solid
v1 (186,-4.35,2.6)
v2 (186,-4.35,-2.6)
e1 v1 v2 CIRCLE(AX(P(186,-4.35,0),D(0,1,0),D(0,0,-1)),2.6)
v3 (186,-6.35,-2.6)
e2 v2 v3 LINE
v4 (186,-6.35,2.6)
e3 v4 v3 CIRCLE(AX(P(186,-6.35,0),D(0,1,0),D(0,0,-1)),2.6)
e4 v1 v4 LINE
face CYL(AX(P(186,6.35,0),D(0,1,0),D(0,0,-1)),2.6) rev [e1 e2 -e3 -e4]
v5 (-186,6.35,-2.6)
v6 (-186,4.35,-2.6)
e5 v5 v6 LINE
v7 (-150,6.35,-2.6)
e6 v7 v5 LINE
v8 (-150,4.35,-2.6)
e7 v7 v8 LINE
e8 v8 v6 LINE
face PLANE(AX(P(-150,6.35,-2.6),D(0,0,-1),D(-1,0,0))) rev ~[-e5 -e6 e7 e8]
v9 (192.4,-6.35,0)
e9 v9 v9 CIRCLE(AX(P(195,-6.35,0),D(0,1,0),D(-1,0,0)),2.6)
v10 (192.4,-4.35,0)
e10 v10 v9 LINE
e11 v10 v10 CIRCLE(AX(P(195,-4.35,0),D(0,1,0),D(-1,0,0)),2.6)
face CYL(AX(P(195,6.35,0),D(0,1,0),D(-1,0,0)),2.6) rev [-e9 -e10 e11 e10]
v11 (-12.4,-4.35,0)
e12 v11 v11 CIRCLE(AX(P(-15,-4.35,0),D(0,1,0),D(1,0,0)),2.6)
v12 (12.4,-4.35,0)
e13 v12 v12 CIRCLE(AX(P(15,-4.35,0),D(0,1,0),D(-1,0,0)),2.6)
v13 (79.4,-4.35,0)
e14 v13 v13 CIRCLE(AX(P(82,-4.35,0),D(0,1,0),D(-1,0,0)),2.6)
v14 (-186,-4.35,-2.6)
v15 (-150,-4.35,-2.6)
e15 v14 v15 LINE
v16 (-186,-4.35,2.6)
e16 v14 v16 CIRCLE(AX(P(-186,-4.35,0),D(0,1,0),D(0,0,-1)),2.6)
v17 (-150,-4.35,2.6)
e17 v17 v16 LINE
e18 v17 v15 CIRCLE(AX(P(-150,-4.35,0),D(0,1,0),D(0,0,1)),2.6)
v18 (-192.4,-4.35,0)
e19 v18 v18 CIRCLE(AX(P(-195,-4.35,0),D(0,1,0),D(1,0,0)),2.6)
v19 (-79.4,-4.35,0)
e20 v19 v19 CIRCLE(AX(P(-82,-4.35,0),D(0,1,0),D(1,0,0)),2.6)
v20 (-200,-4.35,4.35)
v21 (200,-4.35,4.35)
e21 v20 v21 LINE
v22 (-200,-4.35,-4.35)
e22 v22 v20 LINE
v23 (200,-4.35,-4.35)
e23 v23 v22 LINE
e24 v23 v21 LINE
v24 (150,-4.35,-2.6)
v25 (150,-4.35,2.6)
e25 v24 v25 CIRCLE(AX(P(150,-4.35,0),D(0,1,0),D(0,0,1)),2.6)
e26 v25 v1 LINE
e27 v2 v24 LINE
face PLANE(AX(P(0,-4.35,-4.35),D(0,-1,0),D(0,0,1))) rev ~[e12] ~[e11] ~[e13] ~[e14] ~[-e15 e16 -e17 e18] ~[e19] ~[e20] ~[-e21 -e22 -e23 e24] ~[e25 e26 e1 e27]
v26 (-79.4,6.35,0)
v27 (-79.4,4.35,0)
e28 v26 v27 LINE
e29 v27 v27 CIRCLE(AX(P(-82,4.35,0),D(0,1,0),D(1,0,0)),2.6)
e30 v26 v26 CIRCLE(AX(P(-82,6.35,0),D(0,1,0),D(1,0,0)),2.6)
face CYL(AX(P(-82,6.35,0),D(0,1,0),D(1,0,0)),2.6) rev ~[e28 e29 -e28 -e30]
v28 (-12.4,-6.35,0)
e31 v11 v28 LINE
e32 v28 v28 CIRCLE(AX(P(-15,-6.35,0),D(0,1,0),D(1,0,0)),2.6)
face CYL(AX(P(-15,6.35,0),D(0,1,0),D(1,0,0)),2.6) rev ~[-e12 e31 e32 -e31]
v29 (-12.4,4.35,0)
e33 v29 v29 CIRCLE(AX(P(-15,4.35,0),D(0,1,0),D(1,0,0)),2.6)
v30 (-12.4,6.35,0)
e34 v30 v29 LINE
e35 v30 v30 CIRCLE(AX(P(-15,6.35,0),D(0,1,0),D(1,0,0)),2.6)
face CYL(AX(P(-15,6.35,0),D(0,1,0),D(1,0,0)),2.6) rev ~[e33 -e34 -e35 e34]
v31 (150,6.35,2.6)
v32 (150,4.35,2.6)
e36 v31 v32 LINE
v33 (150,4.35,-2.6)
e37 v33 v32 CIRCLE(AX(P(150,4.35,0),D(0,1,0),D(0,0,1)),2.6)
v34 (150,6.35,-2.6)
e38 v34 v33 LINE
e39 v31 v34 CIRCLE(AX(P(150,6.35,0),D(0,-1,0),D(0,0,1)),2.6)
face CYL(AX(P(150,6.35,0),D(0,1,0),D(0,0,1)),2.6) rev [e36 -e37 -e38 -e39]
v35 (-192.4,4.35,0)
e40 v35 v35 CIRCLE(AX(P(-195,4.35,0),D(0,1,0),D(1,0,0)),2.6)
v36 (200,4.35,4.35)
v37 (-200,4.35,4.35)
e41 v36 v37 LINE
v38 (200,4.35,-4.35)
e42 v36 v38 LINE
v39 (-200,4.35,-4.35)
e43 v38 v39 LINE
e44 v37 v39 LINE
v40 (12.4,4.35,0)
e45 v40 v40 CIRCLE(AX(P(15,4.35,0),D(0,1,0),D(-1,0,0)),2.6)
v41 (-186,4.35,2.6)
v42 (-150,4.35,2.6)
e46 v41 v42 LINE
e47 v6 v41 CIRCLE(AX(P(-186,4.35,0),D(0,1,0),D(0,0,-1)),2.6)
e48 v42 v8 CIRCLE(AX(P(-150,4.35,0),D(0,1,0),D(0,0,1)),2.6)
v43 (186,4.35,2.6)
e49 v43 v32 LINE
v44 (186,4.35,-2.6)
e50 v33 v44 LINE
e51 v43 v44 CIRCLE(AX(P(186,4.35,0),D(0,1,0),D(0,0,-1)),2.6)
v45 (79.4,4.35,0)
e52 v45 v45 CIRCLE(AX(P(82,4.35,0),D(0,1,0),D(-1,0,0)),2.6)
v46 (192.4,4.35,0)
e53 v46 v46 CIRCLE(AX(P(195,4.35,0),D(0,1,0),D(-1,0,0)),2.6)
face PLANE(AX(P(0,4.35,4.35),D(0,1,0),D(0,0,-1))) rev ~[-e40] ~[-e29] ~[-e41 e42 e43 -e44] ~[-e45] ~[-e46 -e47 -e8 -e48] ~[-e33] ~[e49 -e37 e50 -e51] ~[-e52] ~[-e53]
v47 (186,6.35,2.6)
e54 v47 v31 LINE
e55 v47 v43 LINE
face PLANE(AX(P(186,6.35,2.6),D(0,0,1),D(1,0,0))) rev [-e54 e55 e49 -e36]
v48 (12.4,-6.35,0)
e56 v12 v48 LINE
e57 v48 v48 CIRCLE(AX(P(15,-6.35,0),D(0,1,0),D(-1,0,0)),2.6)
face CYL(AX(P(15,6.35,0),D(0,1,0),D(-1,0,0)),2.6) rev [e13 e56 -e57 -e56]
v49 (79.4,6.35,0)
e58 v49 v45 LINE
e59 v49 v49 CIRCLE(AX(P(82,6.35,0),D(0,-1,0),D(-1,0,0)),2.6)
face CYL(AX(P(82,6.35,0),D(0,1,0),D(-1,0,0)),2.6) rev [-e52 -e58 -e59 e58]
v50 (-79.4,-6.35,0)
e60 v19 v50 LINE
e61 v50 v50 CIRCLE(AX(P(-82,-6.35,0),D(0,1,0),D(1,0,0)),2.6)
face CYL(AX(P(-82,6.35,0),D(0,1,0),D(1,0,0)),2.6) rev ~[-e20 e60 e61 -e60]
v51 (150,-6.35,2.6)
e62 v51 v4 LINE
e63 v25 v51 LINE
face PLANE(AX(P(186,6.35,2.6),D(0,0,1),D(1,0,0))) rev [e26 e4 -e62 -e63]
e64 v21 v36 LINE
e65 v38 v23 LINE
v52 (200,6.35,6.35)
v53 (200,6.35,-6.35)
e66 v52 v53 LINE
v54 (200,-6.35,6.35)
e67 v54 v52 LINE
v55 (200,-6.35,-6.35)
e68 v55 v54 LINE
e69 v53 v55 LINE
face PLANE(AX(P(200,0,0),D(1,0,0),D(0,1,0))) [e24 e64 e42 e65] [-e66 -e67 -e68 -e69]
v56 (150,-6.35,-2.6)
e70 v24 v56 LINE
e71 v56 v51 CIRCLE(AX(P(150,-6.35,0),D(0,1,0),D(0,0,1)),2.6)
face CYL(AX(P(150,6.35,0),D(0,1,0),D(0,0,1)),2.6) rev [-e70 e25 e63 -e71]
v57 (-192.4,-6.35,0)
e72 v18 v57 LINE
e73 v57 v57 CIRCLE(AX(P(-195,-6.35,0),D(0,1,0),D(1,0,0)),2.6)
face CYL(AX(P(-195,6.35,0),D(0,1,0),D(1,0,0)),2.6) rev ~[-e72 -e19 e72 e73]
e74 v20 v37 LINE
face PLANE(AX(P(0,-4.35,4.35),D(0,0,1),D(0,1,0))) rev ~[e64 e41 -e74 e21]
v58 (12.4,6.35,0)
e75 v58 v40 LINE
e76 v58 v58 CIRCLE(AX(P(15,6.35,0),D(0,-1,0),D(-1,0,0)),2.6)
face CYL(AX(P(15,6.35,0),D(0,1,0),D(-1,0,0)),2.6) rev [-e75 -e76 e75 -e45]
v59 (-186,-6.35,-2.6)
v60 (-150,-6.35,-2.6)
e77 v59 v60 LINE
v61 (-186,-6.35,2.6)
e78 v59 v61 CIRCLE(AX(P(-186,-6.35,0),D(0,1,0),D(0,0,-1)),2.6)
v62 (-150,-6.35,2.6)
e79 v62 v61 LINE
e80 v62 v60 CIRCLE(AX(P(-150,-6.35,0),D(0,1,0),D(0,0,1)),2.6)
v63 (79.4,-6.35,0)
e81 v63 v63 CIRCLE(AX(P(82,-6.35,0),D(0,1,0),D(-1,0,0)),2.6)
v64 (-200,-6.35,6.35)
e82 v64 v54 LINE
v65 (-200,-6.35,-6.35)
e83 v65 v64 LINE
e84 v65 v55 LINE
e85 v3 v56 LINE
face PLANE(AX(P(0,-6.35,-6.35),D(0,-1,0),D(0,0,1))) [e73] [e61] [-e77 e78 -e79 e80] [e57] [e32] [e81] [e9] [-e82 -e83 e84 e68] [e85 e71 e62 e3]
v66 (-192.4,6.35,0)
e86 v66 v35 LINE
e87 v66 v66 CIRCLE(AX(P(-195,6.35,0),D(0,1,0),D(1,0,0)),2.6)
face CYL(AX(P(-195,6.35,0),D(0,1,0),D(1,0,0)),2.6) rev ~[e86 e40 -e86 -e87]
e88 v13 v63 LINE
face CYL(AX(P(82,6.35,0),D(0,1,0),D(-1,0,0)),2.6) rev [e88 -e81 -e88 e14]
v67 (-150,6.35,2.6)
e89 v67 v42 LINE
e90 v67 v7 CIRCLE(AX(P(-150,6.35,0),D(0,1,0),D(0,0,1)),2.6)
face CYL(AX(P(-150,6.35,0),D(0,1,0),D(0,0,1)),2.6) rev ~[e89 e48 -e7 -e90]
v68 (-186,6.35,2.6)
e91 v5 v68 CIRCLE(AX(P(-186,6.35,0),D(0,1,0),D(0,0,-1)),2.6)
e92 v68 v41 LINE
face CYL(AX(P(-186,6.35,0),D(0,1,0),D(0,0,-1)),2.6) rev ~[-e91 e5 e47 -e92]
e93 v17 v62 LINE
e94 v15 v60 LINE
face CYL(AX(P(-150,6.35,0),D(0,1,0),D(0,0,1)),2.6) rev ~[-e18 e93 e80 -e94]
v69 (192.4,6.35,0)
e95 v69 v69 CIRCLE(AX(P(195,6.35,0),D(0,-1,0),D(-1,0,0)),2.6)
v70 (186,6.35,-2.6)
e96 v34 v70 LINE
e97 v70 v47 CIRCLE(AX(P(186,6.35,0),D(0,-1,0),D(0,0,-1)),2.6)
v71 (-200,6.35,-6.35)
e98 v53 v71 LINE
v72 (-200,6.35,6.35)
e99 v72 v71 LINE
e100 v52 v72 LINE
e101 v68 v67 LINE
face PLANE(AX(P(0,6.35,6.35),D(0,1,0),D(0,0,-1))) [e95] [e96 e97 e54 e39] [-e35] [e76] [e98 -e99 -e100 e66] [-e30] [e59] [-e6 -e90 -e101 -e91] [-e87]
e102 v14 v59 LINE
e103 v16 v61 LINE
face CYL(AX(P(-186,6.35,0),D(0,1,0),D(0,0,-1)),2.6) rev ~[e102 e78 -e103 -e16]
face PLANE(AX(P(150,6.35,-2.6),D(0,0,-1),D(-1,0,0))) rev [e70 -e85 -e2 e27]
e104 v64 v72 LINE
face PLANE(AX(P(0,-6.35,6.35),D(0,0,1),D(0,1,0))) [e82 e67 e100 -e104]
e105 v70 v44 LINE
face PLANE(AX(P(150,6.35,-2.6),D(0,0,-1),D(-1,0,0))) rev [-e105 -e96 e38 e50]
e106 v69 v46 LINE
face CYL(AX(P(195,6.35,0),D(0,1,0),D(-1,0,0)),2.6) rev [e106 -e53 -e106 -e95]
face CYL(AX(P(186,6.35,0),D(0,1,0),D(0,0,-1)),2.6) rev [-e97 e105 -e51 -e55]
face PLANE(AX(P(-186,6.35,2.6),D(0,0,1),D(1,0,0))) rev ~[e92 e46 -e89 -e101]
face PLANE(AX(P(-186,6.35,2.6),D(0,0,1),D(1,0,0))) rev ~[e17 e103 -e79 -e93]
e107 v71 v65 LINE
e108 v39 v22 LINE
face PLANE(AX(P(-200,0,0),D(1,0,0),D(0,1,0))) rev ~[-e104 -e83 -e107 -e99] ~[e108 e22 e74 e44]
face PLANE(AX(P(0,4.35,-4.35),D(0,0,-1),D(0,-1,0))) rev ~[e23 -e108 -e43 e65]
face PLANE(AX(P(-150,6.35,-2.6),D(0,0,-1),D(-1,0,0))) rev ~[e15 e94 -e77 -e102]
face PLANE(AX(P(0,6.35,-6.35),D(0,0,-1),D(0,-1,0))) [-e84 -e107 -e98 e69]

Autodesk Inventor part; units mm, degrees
ref_plane "YZ Plane" through (0, 0, 0) normal (1, 0, 0) x (0, 1, 0)
ref_plane "XZ Plane" through (0, 0, 0) normal (0, 1, 0) x (-1, 0, 0)
ref_plane "XY Plane" through (0, 0, 0) normal (0, 0, 1) x (1, 0, 0)
sketch "Sketch1" plane through (0, 0, 0) normal (1, 0, 0) x (0, 1, 0)
  line L0 (-6.35, 6.35) -> (6.35, 6.35)
  line L1 (6.35, 6.35) -> (6.35, -6.35)
  line L2 (6.35, -6.35) -> (-6.35, -6.35)
  line L3 (-6.35, -6.35) -> (-6.35, 6.35)
  line L4 (-6.35, 6.35) -> (6.35, -6.35) construction
  line L5 (6.35, 6.35) -> (-6.35, -6.35) construction
  line L6 (-4.35, 4.35) -> (4.35, 4.35)
  line L7 (4.35, 4.35) -> (4.35, -4.35)
  line L8 (4.35, -4.35) -> (-4.35, -4.35)
  line L9 (-4.35, -4.35) -> (-4.35, 4.35)
  line L10 (-4.35, 4.35) -> (4.35, -4.35) construction
  line L11 (4.35, 4.35) -> (-4.35, -4.35) construction
  point P0 (0, 0)
  dimension "d0" = 12.7
  dimension "d1" = 12.7
  dimension "d15" = 2
  dimension "d16" = 2
extrude "Extrusion1" add sketch "Sketch1" along normal mid plane 400
sketch "Sketch2" plane through (-200, 6.35, 6.35) normal (0, 1, 0) x (1, 0, 0)
  circle A0 centre (5, 6.35) radius 2.6
  line L0 (14, 6.35) -> (50, 6.35) construction
  line L1 (14, 3.75) -> (50, 3.75)
  line L2 (50, 8.95) -> (14, 8.95)
  arc A1 (14, 8.95) -> (14, 3.75) centre (14, 6.35) ccw
  arc A2 (50, 3.75) -> (50, 8.95) centre (50, 6.35) ccw
  line L3 (0, 0) -> (0, 12.7) projected
  circle A3 centre (118, 6.35) radius 2.6
  circle A4 centre (185, 6.35) radius 2.6
  point P0 (200, 6.35)
  point P1 (32, 6.35)
  dimension "d6" = 5.2
  dimension "d7" = 5
  dimension "d8" = 9
  dimension "d9" = 36
  dimension "d13" = 67
  dimension "d14" = 15
extrude "Extrusion2" cut sketch "Sketch2" against normal blind 100
mirror "Mirror1" about plane through (0, 0, 0) normal (1, 0, 0) of "Extrusion2"
properties part number "holder_bar"
